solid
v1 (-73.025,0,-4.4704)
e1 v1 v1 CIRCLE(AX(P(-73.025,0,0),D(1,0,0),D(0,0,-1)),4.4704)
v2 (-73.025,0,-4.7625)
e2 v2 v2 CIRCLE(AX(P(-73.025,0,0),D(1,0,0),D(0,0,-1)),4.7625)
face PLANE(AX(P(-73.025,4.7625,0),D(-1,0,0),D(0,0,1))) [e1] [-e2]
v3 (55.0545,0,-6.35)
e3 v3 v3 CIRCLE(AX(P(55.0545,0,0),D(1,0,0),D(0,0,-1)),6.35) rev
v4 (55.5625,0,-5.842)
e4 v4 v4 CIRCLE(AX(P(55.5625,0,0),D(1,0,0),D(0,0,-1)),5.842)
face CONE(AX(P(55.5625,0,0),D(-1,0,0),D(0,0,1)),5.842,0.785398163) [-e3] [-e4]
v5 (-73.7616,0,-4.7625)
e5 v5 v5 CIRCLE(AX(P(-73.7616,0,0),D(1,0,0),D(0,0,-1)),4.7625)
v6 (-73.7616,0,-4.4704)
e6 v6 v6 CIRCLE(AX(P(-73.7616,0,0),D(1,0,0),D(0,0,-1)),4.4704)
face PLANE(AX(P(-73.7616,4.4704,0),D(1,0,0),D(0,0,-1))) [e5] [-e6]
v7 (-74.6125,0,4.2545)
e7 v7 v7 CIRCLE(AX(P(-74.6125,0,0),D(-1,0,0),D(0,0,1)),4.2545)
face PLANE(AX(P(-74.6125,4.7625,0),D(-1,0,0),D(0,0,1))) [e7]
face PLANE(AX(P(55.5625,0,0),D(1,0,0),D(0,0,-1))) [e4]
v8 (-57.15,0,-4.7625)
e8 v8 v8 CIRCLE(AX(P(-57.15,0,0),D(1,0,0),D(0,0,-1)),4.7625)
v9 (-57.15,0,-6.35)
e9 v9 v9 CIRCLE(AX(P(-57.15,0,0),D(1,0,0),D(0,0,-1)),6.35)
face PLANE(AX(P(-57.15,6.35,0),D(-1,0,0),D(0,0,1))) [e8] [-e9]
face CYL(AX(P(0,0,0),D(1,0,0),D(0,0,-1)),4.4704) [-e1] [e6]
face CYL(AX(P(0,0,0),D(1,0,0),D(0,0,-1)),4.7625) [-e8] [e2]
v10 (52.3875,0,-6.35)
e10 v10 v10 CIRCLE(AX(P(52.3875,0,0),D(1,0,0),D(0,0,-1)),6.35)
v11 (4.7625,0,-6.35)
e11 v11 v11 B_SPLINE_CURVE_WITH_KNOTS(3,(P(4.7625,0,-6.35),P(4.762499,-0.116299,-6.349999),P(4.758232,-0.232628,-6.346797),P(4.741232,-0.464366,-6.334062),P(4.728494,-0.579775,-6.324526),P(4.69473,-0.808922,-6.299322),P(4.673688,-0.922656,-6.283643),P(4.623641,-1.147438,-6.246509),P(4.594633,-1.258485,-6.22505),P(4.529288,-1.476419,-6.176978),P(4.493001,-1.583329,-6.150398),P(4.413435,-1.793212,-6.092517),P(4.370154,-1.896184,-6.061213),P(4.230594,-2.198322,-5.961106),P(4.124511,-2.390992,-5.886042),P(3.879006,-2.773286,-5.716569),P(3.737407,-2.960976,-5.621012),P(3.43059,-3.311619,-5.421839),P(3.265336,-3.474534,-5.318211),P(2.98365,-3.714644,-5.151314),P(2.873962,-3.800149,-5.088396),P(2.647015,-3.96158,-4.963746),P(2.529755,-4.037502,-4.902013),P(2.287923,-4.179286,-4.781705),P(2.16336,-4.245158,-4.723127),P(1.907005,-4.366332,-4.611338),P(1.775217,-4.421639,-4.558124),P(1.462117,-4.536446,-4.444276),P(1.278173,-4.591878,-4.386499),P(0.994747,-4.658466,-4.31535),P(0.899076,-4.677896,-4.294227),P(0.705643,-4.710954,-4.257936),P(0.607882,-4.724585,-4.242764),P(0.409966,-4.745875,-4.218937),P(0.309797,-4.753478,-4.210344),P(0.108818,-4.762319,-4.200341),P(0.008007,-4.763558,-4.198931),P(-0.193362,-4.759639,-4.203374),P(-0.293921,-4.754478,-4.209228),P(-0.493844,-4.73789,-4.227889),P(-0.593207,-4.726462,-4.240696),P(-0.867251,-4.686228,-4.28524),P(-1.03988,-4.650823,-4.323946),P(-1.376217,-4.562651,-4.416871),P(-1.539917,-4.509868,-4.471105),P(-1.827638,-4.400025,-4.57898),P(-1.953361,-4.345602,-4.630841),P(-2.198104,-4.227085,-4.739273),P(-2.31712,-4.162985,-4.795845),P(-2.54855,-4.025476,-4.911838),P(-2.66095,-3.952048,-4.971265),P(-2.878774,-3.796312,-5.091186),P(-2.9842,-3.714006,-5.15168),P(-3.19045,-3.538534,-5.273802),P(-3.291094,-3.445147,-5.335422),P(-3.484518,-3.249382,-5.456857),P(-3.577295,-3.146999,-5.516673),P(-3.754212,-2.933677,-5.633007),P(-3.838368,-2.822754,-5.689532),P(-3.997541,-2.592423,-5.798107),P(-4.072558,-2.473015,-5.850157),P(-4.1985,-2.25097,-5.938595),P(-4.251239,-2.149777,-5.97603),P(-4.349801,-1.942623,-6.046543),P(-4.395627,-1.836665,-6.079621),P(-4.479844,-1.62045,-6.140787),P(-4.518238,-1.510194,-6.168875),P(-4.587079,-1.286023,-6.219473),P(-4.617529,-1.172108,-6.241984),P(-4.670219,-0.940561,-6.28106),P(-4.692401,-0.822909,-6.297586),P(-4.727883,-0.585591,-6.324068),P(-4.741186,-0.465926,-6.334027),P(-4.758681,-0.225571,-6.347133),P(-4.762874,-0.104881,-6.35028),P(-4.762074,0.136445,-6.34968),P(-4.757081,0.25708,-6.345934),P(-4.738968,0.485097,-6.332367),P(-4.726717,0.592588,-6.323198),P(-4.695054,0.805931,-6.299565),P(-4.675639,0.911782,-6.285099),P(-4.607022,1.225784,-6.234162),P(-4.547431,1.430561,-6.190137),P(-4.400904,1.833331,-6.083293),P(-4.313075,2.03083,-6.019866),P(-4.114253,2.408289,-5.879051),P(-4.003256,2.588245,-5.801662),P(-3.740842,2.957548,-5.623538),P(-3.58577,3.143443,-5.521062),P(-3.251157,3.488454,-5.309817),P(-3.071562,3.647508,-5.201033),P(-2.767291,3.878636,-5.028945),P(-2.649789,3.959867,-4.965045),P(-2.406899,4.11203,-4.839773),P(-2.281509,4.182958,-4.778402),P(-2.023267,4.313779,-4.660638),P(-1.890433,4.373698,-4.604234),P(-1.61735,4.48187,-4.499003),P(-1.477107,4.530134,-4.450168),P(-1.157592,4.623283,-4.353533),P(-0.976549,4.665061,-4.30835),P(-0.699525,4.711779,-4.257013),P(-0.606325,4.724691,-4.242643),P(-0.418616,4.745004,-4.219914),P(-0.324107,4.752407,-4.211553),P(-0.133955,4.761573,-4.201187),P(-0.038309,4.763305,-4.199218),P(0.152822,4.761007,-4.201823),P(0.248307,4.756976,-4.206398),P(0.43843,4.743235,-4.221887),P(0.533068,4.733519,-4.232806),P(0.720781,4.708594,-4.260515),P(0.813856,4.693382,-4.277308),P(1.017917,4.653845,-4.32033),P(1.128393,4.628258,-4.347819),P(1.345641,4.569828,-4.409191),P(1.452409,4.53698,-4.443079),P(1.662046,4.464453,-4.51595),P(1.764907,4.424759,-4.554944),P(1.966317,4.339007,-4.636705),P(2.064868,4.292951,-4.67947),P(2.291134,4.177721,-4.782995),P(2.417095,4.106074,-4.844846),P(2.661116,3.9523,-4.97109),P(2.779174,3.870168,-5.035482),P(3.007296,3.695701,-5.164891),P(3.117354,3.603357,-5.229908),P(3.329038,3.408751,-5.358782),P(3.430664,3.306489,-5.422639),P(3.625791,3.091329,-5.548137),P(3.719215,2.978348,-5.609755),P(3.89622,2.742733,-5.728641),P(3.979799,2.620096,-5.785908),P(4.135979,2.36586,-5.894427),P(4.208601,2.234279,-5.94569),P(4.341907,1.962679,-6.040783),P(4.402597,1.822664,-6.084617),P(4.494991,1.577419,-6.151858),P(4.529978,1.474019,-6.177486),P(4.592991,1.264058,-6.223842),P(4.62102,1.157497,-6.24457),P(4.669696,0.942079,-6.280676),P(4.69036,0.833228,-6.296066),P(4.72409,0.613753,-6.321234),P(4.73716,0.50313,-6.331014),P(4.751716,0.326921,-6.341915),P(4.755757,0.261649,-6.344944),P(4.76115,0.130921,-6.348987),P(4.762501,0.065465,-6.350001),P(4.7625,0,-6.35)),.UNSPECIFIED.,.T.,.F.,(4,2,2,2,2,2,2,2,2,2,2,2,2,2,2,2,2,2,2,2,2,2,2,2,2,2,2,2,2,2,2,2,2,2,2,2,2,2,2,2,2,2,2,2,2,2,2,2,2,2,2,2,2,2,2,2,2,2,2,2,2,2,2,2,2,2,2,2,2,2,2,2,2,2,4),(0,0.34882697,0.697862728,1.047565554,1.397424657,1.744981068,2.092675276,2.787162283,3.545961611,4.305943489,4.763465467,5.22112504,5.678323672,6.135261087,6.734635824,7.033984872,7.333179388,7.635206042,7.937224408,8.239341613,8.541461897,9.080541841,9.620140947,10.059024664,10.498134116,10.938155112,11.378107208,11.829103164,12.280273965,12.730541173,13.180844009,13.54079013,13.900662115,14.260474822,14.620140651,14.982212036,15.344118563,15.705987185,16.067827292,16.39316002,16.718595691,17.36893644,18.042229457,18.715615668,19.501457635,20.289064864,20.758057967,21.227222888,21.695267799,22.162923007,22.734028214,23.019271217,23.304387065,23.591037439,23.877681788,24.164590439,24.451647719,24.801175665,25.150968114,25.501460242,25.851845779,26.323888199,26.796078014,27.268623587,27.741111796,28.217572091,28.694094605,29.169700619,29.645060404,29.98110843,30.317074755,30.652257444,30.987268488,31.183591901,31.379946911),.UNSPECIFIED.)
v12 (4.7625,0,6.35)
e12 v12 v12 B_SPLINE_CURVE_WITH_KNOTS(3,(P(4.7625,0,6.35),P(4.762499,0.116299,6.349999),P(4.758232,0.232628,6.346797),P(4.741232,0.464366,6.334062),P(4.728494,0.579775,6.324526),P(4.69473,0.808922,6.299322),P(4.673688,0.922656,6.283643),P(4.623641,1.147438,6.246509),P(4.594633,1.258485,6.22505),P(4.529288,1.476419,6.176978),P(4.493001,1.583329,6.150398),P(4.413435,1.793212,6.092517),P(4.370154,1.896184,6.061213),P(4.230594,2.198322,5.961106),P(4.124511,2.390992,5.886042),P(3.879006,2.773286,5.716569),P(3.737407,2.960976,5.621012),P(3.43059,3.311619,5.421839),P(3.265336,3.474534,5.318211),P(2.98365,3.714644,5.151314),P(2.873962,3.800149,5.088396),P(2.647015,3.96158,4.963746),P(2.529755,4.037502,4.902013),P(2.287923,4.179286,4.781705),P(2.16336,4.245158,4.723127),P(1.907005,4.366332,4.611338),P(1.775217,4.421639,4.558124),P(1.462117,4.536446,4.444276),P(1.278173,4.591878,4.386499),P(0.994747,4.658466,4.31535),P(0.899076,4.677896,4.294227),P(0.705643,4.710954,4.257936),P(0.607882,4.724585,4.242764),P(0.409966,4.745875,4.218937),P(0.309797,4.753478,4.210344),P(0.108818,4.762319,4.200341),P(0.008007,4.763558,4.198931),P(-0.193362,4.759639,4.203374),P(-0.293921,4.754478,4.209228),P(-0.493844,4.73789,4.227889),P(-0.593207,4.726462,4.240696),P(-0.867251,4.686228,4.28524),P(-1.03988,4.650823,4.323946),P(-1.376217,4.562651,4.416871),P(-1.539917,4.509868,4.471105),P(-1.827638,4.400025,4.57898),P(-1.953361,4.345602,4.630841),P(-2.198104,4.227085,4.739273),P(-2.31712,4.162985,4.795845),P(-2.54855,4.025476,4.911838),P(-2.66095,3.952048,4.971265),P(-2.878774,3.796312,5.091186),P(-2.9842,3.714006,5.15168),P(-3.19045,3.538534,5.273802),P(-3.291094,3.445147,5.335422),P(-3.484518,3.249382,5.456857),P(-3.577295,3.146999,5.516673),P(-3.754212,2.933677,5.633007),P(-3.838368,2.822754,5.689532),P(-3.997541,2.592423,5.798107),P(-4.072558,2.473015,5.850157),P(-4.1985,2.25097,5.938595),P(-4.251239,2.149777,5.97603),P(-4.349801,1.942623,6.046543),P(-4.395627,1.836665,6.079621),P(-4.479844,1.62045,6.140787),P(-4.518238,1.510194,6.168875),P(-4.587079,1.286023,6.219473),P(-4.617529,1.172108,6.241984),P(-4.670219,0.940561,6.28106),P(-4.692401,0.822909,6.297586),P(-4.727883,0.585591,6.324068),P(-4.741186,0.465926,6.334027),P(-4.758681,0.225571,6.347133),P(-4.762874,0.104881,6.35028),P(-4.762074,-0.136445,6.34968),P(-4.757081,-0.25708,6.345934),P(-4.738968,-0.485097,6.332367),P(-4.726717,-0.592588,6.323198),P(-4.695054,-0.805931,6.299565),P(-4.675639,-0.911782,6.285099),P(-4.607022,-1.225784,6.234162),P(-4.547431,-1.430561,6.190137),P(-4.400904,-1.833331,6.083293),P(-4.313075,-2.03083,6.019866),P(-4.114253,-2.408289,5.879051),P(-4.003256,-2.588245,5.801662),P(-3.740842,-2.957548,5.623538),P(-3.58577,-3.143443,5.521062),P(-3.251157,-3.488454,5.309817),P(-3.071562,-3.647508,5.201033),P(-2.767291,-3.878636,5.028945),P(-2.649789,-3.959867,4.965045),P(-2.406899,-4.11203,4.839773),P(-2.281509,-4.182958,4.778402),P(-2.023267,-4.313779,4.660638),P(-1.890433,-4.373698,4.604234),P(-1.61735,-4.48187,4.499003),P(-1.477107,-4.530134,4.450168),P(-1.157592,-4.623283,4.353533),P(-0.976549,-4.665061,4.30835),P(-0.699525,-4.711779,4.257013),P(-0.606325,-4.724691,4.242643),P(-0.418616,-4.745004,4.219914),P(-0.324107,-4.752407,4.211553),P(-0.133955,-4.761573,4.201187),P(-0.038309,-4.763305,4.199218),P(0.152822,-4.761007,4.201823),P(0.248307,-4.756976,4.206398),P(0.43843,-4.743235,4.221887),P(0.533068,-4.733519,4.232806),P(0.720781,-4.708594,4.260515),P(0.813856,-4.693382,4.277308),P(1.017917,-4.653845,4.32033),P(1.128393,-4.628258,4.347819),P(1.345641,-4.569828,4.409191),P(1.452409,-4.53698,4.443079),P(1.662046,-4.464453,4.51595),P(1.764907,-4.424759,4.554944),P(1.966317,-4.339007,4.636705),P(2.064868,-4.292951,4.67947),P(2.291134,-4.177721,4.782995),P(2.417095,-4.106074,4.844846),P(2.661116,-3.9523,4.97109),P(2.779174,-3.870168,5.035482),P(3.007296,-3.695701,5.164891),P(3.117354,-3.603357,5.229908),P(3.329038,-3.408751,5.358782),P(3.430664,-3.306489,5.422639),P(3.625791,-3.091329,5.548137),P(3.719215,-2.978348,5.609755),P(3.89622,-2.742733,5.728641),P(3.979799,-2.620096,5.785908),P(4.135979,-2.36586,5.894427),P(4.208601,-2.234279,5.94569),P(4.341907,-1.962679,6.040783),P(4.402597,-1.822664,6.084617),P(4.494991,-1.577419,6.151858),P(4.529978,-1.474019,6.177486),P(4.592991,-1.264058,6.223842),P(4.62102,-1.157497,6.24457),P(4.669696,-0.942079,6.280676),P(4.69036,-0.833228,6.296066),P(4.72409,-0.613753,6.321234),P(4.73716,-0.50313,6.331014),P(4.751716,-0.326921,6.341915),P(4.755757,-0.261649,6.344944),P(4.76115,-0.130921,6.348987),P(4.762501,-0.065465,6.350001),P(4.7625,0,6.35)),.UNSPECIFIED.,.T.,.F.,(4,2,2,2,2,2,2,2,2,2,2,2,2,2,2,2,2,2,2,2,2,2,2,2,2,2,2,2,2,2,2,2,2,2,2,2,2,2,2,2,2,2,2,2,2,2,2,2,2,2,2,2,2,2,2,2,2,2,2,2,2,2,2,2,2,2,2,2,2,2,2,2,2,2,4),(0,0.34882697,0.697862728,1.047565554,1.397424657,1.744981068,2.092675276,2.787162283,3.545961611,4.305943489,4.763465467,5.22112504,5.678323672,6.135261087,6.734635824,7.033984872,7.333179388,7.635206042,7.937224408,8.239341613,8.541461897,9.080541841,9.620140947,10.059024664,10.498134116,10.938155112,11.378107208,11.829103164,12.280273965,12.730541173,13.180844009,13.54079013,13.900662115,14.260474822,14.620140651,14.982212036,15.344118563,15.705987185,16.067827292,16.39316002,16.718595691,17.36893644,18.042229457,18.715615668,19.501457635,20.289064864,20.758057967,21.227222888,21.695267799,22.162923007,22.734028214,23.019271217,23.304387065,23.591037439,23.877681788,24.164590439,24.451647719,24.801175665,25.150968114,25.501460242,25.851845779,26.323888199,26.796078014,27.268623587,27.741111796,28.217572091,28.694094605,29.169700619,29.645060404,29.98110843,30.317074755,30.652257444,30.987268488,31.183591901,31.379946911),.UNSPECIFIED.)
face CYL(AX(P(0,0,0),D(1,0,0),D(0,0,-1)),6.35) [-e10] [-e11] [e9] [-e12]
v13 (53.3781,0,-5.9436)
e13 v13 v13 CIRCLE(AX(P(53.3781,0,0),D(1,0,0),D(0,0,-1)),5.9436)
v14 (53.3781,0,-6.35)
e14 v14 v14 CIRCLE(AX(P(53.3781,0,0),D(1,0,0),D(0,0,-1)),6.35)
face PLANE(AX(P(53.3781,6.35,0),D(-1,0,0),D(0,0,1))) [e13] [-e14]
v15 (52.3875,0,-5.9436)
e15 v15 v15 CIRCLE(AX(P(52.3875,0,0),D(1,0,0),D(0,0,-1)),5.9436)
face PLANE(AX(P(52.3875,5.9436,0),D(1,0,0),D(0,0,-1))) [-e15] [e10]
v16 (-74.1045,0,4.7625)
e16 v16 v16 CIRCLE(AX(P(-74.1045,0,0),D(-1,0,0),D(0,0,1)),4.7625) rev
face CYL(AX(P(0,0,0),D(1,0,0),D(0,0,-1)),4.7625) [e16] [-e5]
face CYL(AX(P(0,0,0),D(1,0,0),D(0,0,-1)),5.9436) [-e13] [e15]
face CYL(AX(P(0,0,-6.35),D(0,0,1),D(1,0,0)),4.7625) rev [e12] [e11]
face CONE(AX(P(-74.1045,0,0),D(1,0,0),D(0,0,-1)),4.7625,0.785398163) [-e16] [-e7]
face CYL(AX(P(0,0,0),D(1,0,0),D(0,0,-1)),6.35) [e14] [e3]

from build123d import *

# Parameters (mm, degrees)
CUT_EXTRUDE1_DEPTH      = 76.150982404
CUT_EXTRUDE1_DEPTH_BACK = 76.150982404
SKETCH2_R               = 4.7625
CHAMFER1_SIZE           = 0.508


with BuildPart() as part:
    # Sketch1 → Revolve1 (revolve)
    with BuildSketch(Plane.XY, mode=Mode.PRIVATE) as revolve1_sk:
        Polygon((-57.15, 6.35), (52.3875, 6.35), (52.3875, 5.9436), (53.3781, 5.9436), (53.3781, 6.35), (55.5625, 6.35), (55.5625, 0), (-74.6125, 0), (-74.6125, 4.7625), (-73.7616, 4.7625), (-73.7616, 4.4704), (-73.025, 4.4704), (-73.025, 4.7625), (-57.15, 4.7625), align=None)
    revolve(revolve1_sk.sketch.rotate(Axis((0, 0, 0), (-1, 0, 0)), 90), axis=Axis((0, 0, 0), (-1, 0, 0)))

    # Sketch2 → Cut-Extrude1 (cut, two sides: drawn at the far end of the back side and taken through both)
    with BuildSketch(Plane.XY.offset(-CUT_EXTRUDE1_DEPTH_BACK)):
        Circle(SKETCH2_R)
    extrude(amount=CUT_EXTRUDE1_DEPTH + CUT_EXTRUDE1_DEPTH_BACK, mode=Mode.SUBTRACT)

    # Chamfer1
    chamfer1_edges = [part.edges().sort_by_distance(p)[0] for p in [
        (-74.6125, 0, 4.7625),
        (55.5625, 0, 6.35),
    ]]
    chamfer(chamfer1_edges, length=CHAMFER1_SIZE)


solid = part.part
